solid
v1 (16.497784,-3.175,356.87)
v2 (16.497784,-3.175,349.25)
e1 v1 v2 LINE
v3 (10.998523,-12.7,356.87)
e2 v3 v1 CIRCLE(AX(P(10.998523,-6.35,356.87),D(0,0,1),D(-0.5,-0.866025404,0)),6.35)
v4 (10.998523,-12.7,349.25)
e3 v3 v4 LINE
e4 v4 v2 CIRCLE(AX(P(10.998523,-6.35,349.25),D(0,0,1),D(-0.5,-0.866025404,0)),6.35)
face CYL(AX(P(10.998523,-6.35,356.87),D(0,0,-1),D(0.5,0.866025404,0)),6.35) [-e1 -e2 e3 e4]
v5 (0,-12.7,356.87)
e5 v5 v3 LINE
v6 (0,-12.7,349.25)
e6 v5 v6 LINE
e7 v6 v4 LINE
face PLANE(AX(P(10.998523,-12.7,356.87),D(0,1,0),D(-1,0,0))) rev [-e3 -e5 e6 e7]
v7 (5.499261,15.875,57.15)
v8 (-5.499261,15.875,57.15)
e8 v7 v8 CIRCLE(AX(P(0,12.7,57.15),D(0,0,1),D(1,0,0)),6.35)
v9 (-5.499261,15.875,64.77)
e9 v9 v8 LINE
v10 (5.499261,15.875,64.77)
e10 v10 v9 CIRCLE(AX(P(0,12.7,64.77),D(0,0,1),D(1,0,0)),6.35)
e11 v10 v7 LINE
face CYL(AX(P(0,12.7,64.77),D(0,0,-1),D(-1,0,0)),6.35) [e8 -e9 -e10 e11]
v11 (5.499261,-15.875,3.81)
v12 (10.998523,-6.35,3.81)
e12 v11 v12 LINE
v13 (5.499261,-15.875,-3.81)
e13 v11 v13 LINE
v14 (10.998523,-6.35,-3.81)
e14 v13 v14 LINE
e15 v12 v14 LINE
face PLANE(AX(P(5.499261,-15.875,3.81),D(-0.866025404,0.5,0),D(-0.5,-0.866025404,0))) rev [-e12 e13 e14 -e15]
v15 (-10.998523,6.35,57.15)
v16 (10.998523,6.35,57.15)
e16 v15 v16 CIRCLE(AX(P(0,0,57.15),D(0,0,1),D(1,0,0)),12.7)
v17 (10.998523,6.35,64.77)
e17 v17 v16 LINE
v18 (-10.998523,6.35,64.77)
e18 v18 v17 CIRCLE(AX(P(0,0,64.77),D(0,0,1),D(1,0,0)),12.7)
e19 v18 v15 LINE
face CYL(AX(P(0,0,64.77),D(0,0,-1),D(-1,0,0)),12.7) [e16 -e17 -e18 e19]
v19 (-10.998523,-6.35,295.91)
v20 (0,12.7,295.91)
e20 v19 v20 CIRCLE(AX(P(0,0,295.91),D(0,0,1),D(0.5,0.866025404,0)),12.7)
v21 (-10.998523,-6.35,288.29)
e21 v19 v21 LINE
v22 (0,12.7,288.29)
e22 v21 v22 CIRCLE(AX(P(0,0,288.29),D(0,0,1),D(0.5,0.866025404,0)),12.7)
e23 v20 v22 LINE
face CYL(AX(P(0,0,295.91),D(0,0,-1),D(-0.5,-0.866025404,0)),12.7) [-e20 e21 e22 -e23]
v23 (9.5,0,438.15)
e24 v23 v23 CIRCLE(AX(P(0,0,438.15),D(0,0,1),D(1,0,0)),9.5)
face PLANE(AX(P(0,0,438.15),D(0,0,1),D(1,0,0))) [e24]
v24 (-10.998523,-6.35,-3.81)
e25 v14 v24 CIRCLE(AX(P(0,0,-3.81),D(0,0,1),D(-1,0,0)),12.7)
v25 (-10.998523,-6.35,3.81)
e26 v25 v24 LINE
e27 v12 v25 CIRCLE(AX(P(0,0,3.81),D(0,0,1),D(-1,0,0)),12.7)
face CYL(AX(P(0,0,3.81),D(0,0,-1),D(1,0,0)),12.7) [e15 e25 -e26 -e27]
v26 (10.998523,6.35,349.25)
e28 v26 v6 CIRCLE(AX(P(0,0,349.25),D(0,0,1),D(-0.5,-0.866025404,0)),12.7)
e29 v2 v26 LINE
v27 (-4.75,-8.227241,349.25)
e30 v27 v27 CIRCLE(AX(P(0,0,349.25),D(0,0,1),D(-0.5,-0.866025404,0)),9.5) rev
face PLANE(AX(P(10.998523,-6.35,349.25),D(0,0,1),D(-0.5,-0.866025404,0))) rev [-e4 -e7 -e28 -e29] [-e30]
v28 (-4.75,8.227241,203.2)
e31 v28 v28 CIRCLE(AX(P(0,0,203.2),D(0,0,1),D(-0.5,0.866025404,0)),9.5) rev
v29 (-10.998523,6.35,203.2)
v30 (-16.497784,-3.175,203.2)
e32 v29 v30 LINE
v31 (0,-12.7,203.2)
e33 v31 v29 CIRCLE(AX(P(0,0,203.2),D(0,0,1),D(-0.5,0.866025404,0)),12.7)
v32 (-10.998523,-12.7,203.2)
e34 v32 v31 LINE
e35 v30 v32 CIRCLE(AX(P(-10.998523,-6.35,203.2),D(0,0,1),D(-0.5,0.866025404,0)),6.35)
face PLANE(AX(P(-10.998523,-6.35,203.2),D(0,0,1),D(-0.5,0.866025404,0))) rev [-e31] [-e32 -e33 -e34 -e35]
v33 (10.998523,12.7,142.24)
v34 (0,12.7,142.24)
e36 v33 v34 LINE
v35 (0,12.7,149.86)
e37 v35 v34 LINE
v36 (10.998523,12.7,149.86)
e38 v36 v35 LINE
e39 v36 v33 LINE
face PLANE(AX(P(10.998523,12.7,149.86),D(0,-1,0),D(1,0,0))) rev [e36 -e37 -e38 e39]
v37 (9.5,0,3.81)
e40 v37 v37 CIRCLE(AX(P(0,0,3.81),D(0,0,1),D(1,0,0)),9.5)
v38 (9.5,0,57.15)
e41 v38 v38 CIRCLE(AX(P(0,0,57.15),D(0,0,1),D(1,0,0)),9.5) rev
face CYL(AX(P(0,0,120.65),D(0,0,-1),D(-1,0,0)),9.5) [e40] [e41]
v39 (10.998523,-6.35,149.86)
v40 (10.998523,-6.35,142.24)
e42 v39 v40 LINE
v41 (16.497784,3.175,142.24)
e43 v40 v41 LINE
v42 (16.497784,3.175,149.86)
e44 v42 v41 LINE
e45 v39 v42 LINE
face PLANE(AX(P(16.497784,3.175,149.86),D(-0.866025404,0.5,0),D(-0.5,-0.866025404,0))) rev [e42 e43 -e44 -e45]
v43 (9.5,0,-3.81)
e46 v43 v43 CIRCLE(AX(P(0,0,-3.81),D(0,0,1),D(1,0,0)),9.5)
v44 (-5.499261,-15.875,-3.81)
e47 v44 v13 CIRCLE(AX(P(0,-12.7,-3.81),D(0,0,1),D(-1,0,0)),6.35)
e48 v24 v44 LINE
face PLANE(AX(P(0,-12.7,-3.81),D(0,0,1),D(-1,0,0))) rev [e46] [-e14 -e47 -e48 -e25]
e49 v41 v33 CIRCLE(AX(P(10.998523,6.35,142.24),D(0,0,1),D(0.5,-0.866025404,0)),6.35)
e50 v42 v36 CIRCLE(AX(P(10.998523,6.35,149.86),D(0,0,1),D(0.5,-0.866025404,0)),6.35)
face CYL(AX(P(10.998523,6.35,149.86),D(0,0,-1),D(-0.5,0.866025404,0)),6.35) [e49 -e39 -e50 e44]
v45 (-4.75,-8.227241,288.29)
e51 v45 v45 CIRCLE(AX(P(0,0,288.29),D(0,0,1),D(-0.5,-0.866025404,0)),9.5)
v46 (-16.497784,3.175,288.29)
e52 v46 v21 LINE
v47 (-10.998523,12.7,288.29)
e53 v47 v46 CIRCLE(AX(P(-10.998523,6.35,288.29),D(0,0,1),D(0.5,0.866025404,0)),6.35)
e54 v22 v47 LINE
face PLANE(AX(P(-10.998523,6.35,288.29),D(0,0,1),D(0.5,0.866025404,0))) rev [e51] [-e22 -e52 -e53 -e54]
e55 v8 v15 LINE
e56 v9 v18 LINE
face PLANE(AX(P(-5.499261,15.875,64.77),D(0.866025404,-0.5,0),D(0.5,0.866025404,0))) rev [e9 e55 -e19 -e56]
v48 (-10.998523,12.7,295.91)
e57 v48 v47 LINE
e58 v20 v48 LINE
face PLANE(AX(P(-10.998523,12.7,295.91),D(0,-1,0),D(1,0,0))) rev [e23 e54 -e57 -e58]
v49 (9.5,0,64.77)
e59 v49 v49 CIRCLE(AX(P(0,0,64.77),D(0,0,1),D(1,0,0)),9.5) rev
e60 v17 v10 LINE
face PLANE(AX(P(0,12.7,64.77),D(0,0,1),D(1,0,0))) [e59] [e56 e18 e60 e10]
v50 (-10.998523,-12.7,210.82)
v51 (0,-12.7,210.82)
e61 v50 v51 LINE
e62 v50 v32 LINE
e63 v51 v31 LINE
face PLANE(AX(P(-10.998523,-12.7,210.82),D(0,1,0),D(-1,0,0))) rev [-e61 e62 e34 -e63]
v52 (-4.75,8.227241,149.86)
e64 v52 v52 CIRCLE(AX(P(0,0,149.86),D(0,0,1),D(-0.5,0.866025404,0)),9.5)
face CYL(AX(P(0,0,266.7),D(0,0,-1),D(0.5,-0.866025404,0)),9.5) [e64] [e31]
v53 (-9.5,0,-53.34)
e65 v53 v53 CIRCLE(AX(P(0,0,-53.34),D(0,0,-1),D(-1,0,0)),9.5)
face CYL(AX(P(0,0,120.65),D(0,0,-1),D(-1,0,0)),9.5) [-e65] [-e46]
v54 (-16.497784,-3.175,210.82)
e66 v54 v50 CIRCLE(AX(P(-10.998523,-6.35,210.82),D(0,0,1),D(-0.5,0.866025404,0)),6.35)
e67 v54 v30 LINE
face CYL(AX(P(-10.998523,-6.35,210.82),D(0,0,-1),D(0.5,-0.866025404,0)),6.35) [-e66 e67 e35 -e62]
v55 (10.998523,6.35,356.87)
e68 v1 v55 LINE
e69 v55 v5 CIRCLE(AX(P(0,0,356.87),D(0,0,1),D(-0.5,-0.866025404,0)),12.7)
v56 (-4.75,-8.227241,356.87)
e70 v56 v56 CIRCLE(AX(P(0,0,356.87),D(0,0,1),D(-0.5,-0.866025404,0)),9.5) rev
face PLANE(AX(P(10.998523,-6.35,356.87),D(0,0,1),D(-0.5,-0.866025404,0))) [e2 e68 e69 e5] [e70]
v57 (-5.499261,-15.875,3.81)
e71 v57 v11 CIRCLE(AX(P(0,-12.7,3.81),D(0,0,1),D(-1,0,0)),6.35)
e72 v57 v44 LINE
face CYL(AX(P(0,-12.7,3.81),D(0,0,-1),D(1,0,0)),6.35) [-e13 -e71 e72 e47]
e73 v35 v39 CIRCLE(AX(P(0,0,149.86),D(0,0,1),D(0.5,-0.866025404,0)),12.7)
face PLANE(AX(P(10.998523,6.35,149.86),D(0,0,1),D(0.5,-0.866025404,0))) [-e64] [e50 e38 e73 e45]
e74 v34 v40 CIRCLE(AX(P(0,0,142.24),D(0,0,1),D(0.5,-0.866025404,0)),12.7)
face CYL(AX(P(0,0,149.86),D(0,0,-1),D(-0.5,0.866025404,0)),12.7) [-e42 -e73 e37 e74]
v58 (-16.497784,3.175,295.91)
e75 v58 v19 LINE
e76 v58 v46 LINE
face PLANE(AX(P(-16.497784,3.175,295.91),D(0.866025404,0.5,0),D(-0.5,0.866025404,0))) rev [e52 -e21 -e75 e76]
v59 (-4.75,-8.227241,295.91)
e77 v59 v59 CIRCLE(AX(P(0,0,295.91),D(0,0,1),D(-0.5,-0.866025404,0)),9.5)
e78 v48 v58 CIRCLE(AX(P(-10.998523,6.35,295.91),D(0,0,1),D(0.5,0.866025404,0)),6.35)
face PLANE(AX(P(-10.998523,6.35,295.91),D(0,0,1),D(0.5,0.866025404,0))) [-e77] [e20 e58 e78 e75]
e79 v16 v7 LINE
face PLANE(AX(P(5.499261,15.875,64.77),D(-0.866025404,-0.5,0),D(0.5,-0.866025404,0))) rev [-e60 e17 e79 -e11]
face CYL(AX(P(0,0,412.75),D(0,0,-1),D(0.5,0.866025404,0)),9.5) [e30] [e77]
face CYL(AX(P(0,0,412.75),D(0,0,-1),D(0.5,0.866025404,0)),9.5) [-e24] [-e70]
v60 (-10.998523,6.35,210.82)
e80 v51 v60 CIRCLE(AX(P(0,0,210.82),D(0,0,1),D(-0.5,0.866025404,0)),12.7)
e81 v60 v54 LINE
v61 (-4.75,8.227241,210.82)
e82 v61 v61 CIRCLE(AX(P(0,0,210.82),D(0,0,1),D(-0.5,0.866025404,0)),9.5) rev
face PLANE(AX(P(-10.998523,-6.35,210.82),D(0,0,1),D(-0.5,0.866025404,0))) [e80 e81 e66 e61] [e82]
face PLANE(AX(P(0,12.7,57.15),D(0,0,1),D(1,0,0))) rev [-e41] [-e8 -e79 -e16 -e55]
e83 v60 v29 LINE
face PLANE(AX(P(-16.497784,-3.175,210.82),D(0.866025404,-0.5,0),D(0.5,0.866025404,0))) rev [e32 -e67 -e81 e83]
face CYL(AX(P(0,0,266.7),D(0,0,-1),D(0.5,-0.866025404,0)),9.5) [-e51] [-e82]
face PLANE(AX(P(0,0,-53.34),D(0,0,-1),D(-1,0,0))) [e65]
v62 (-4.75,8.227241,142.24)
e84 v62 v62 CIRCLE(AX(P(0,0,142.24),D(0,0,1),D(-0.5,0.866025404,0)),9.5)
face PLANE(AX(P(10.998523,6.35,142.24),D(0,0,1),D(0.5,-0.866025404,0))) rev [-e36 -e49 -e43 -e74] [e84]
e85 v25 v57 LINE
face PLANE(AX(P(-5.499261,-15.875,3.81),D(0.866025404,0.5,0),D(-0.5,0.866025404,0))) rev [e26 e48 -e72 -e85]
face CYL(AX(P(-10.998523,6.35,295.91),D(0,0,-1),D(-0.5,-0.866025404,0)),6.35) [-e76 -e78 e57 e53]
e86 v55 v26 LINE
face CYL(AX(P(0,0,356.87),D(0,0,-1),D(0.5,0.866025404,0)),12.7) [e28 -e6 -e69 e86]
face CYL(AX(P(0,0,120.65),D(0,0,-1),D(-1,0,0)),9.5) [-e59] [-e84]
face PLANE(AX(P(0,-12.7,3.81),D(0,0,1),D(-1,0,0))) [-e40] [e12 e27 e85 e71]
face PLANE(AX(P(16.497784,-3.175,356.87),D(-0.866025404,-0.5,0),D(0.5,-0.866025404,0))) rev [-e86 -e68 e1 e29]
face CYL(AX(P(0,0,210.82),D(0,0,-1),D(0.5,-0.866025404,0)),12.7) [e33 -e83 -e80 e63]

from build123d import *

# Parameters (mm, degrees)
BOSS_EXTRUDE1_DEPTH   = 3.81
BODY_MOVE_COPY2_ANGLE = 180
BOSS_EXTRUDE2_START   = -25.4
SKETCH2_R             = 9.5
BOSS_EXTRUDE2_DEPTH   = 146.05
LPATTERN1_COUNT       = 3
LPATTERN1_PITCH       = 146.05
BODY_MOVE_COPY3_ANGLE = 120
BODY_MOVE_COPY4_ANGLE = 120
BOSS_EXTRUDE3_START   = 27.94
SKETCH3_R             = 9.5
BOSS_EXTRUDE3_DEPTH   = 27.94
SKETCH5_R             = 9.5
BOSS_EXTRUDE4_DEPTH   = 25.4


with BuildPart() as part:
    # Sketch1 → Boss-Extrude1 (new, symmetric)
    with BuildSketch(Plane.XY):
        with BuildLine():
            Line((-5.499261314, 15.875), (-10.998522628, 6.35))
            ThreePointArc((-10.998522628, 6.35), (0, -12.7), (10.998522628, 6.35))
            Line((10.998522628, 6.35), (5.499261314, 15.875))
            ThreePointArc((5.499261314, 15.875), (0, 19.05), (-5.499261314, 15.875))
        make_face()
    extrude(amount=BOSS_EXTRUDE1_DEPTH, both=True)


with BuildPart() as body_2:
    # Body-Move/Copy1: copy of part
    add(part.part.moved(Location((0, 0, 60.96))))


with BuildPart() as part_1:
    # Body-Move/Copy2: moved
    add(part.part.rotate(Axis((0, 0, 0), (0, 0, 1)), BODY_MOVE_COPY2_ANGLE))


    add(body_2.part)  # Boss-Extrude2 merges body 2
    # Sketch2 → Boss-Extrude2 (add)
    with BuildSketch(Plane.XY.offset(BOSS_EXTRUDE2_START)):
        Circle(SKETCH2_R)
    extrude(amount=BOSS_EXTRUDE2_DEPTH)


with BuildPart() as lpattern1_1:
    # LPattern1: pattern copy
    add(part_1.part.moved(Location(Vector(0, 0, 1) * (1 * LPATTERN1_PITCH))))


with BuildPart() as lpattern1_2:
    # LPattern1: pattern copy
    add(part_1.part.moved(Location(Vector(0, 0, 1) * (2 * LPATTERN1_PITCH))))


with BuildPart() as lpattern1_1_1:
    # Body-Move/Copy3: moved
    add(lpattern1_1.part.rotate(Axis((0, 0, 0), (0, 0, 1)), BODY_MOVE_COPY3_ANGLE))


with BuildPart() as lpattern1_2_1:
    # Body-Move/Copy4: moved
    add(lpattern1_2.part.rotate(Axis((0, 0, 0), (0, 0, -1)), BODY_MOVE_COPY4_ANGLE))


with BuildPart() as part_2:
    add(part_1.part)

    # Sketch3 → Boss-Extrude3 (add)
    with BuildSketch(Plane(origin=(0, 0, -25.4), x_dir=(-1, 0, 0), z_dir=(0, 0, -1)).offset(BOSS_EXTRUDE3_START)):
        Circle(SKETCH3_R)
    extrude(amount=-BOSS_EXTRUDE3_DEPTH)

    # Combine1: union LPattern1_1, LPattern1_2
    add(lpattern1_1_1.part)
    add(lpattern1_2_1.part)

    # Sketch5 → Boss-Extrude4 (add)
    with BuildSketch(Plane.XY.offset(412.75)):
        Circle(SKETCH5_R)
    extrude(amount=BOSS_EXTRUDE4_DEPTH)


solid = part_2.part
